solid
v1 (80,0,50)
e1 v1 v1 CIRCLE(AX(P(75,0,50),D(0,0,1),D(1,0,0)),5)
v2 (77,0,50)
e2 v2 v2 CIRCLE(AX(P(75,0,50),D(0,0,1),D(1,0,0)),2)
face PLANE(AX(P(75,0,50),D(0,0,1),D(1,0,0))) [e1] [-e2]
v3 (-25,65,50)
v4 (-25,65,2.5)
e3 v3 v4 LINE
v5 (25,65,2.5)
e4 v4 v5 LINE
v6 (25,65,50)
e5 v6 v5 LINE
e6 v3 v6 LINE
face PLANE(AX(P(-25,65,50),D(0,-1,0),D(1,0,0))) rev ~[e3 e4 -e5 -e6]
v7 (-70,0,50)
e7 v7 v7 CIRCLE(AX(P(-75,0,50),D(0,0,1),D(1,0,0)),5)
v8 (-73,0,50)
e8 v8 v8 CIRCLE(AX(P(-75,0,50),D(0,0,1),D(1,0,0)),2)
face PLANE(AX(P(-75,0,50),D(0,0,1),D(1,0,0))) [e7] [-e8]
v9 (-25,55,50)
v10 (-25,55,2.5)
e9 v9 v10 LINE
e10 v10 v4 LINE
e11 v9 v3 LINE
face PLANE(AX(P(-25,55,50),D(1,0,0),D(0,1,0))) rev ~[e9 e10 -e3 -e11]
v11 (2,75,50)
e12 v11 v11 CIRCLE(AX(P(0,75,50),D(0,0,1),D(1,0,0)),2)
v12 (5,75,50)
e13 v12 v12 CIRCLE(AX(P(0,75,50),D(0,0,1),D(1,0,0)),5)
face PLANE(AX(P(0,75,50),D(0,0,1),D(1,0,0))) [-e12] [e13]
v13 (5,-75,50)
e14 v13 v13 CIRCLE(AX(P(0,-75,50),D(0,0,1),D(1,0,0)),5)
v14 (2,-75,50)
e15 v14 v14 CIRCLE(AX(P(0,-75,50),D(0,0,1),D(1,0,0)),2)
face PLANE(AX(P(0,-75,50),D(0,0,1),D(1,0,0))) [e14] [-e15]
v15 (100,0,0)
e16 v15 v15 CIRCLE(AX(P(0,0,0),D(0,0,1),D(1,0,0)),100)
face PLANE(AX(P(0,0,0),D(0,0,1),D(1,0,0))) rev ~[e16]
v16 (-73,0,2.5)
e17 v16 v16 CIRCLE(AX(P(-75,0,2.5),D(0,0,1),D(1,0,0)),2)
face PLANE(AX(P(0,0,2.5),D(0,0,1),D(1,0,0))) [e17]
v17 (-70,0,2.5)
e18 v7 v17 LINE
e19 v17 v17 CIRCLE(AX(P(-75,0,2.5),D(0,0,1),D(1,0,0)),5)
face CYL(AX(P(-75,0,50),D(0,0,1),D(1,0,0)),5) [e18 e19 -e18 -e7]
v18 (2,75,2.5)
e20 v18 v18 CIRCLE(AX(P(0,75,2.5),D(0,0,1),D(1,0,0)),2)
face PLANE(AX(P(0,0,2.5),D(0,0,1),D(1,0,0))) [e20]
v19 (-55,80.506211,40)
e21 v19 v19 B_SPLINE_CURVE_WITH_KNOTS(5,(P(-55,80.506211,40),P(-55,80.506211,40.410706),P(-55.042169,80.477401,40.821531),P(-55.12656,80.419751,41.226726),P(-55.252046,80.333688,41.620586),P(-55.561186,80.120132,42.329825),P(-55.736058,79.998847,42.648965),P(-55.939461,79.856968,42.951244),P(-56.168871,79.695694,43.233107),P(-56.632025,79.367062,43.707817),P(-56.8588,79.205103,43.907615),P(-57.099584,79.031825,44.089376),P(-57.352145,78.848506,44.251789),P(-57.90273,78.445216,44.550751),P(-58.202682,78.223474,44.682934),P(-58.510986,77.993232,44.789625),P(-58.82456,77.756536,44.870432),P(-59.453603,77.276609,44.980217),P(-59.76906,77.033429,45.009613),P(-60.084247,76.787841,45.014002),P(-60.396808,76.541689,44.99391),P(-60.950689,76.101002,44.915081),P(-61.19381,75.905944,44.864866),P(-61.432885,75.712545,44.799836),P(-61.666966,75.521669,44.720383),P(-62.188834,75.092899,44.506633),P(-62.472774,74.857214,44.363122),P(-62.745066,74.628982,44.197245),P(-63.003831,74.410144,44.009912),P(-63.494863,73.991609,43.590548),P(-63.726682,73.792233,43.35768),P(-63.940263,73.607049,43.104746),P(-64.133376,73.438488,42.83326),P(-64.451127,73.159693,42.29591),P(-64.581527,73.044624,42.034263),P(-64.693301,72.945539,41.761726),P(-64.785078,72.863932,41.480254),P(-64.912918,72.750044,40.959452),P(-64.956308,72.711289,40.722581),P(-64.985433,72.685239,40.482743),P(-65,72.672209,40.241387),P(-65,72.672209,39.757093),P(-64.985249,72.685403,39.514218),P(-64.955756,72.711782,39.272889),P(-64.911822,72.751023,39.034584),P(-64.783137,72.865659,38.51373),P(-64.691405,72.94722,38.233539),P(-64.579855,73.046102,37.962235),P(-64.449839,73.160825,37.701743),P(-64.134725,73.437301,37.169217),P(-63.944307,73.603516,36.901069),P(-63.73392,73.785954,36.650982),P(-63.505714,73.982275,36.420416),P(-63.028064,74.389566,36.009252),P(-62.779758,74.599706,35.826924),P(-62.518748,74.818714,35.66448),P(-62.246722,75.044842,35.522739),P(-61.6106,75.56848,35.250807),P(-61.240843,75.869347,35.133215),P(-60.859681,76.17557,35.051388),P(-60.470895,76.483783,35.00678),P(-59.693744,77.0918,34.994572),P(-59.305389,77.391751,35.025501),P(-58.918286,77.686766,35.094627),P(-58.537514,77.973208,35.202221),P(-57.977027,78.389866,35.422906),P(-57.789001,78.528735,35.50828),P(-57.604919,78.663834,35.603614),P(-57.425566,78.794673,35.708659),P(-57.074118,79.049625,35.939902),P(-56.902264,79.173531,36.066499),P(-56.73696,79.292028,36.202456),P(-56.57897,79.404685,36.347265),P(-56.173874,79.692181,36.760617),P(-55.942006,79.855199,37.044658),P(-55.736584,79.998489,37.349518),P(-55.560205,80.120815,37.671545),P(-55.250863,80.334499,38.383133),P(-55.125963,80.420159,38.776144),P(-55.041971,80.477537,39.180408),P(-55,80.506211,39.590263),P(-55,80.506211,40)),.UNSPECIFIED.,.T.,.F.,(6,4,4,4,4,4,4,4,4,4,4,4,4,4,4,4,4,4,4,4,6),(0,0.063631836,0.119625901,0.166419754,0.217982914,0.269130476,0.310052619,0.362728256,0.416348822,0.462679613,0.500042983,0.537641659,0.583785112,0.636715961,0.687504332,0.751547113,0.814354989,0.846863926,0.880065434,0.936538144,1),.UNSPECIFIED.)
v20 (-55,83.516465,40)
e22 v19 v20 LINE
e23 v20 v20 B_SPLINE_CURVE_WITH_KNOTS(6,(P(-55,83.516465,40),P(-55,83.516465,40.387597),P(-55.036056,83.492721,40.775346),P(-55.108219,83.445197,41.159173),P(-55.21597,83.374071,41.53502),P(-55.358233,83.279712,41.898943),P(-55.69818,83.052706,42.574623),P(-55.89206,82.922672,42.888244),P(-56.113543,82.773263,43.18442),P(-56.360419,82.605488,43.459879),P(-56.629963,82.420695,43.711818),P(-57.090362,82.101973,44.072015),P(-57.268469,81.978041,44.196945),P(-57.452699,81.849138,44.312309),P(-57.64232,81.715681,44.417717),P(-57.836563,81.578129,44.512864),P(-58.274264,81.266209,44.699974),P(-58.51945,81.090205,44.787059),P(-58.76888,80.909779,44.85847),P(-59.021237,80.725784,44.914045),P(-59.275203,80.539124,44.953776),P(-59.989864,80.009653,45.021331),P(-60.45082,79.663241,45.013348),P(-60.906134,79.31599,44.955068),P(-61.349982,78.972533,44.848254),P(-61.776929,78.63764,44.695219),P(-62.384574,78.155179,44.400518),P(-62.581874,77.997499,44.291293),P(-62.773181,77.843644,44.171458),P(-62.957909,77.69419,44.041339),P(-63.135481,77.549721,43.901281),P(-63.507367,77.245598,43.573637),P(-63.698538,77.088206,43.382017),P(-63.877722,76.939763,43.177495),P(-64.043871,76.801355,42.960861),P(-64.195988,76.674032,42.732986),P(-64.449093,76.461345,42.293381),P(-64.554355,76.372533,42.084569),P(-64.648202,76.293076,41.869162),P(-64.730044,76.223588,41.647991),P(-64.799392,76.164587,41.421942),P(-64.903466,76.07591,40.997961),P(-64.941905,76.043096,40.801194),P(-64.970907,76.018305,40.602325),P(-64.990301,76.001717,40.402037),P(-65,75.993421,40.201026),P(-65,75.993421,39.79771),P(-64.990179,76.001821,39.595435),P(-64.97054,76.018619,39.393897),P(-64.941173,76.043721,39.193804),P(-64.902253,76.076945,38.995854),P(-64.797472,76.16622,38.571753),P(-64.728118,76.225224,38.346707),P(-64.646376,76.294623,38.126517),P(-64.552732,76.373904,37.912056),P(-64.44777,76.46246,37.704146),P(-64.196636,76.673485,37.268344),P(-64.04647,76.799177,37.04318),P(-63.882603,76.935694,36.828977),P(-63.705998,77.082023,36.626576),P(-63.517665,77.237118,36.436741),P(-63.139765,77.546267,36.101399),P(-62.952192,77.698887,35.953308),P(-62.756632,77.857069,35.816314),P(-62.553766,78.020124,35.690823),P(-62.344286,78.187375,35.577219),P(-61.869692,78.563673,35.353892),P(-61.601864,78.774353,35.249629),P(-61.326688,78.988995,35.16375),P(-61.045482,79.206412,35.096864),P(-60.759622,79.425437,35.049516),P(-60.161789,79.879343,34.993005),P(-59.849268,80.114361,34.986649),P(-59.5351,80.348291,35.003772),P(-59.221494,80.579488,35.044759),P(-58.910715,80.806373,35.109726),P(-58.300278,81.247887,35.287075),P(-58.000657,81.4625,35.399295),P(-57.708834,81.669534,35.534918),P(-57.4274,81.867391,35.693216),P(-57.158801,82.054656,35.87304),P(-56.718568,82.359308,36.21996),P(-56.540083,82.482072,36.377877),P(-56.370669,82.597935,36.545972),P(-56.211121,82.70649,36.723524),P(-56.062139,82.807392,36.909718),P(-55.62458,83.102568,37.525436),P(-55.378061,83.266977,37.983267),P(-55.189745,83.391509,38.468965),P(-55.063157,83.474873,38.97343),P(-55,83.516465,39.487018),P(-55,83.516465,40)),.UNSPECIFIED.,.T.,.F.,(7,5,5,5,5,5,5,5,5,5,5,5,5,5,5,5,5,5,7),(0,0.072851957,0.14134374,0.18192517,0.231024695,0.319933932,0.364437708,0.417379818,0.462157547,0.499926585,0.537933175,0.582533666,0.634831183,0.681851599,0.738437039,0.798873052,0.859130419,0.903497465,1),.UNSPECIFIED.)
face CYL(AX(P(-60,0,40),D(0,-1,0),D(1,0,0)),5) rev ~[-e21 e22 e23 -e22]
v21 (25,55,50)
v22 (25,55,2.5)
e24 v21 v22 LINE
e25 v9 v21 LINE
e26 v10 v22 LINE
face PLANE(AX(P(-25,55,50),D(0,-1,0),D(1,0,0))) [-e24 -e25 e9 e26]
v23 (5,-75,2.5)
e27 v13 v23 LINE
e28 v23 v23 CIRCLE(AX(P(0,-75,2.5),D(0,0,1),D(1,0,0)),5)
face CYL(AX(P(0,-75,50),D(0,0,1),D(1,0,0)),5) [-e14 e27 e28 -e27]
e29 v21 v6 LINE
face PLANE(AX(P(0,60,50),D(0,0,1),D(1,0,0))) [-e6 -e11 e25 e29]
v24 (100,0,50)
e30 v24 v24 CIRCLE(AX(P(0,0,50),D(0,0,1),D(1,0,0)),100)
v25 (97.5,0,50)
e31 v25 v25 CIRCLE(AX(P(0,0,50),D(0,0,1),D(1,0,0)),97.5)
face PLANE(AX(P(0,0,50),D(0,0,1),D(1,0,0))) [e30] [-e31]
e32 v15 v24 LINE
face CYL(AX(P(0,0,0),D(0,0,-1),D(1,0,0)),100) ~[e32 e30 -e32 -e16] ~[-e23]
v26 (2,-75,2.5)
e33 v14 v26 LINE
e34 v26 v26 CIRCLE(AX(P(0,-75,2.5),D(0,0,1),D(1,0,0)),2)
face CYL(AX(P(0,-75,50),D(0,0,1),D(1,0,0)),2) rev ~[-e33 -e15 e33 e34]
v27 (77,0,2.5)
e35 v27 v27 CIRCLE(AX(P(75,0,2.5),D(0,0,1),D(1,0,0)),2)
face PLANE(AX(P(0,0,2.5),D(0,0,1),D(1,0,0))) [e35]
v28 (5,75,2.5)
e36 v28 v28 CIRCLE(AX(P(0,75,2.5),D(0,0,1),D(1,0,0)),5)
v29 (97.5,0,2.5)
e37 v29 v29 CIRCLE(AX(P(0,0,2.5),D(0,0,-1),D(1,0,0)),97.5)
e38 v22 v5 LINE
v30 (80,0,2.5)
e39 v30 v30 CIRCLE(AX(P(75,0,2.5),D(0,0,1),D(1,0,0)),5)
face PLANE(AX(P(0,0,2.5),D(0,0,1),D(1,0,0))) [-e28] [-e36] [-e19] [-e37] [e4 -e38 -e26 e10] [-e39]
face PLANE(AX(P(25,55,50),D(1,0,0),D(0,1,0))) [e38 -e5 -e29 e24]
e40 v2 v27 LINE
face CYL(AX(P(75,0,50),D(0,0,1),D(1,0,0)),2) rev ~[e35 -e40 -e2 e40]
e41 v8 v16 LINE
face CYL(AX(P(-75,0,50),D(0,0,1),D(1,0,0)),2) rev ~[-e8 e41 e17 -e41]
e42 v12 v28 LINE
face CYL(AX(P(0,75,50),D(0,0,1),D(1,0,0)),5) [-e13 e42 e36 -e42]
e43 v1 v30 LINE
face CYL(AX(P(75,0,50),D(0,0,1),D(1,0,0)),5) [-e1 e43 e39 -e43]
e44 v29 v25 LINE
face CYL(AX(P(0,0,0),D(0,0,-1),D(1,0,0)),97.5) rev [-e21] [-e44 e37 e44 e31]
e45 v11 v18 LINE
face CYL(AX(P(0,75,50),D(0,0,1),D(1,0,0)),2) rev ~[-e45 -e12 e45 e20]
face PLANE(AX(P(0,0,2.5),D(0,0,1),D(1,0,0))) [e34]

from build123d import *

# Parameters (mm, degrees)
F0_R     = 100
F1_DEPTH = 50
F2_T     = -2.5
F3_R     = 5
F3_R_2   = 2
F4_DEPTH = 47.5
F6_R     = 5
F7_DEPTH = 100.001
F5_W     = 50
F5_H     = 10
F8_DEPTH = 47.5


with BuildPart() as f1:
    # F0 (on Top) → F1 (new body)
    with BuildSketch(Plane.XY):
        Circle(F0_R)
    extrude(amount=F1_DEPTH)

    # F2
    f2_openings = [f1.faces().sort_by_distance(p)[0] for p in [
        (0, 0, 50),
    ]]
    offset(amount=F2_T, openings=f2_openings)

    # F3 (on face) → F4 (join, through all)
    with BuildSketch(Plane.XY.offset(50)):
        with Locations((-75, 0)):
            Circle(F3_R)
        with Locations((-75, 0)):
            Circle(F3_R_2, mode=Mode.SUBTRACT)
        with Locations((0, -75)):
            Circle(F3_R)
        with Locations((0, -75)):
            Circle(F3_R_2, mode=Mode.SUBTRACT)
        with Locations((75, 0)):
            Circle(F3_R)
        with Locations((75, 0)):
            Circle(F3_R_2, mode=Mode.SUBTRACT)
        with Locations((0, 75)):
            Circle(F3_R)
        with Locations((0, 75)):
            Circle(F3_R_2, mode=Mode.SUBTRACT)
    extrude(amount=-F4_DEPTH)

    # F6 (on Front) → F7 (cut, through all)
    with BuildSketch(Plane.XZ):
        with Locations((-60, 40)):
            Circle(F6_R)
    extrude(amount=-F7_DEPTH, mode=Mode.SUBTRACT)

    # F5 (on face) → F8 (join, through all)
    with BuildSketch(Plane.XY.offset(50)):
        with Locations((0, 60)):
            Rectangle(F5_W, F5_H)
    extrude(amount=-F8_DEPTH)


solid = f1.part
